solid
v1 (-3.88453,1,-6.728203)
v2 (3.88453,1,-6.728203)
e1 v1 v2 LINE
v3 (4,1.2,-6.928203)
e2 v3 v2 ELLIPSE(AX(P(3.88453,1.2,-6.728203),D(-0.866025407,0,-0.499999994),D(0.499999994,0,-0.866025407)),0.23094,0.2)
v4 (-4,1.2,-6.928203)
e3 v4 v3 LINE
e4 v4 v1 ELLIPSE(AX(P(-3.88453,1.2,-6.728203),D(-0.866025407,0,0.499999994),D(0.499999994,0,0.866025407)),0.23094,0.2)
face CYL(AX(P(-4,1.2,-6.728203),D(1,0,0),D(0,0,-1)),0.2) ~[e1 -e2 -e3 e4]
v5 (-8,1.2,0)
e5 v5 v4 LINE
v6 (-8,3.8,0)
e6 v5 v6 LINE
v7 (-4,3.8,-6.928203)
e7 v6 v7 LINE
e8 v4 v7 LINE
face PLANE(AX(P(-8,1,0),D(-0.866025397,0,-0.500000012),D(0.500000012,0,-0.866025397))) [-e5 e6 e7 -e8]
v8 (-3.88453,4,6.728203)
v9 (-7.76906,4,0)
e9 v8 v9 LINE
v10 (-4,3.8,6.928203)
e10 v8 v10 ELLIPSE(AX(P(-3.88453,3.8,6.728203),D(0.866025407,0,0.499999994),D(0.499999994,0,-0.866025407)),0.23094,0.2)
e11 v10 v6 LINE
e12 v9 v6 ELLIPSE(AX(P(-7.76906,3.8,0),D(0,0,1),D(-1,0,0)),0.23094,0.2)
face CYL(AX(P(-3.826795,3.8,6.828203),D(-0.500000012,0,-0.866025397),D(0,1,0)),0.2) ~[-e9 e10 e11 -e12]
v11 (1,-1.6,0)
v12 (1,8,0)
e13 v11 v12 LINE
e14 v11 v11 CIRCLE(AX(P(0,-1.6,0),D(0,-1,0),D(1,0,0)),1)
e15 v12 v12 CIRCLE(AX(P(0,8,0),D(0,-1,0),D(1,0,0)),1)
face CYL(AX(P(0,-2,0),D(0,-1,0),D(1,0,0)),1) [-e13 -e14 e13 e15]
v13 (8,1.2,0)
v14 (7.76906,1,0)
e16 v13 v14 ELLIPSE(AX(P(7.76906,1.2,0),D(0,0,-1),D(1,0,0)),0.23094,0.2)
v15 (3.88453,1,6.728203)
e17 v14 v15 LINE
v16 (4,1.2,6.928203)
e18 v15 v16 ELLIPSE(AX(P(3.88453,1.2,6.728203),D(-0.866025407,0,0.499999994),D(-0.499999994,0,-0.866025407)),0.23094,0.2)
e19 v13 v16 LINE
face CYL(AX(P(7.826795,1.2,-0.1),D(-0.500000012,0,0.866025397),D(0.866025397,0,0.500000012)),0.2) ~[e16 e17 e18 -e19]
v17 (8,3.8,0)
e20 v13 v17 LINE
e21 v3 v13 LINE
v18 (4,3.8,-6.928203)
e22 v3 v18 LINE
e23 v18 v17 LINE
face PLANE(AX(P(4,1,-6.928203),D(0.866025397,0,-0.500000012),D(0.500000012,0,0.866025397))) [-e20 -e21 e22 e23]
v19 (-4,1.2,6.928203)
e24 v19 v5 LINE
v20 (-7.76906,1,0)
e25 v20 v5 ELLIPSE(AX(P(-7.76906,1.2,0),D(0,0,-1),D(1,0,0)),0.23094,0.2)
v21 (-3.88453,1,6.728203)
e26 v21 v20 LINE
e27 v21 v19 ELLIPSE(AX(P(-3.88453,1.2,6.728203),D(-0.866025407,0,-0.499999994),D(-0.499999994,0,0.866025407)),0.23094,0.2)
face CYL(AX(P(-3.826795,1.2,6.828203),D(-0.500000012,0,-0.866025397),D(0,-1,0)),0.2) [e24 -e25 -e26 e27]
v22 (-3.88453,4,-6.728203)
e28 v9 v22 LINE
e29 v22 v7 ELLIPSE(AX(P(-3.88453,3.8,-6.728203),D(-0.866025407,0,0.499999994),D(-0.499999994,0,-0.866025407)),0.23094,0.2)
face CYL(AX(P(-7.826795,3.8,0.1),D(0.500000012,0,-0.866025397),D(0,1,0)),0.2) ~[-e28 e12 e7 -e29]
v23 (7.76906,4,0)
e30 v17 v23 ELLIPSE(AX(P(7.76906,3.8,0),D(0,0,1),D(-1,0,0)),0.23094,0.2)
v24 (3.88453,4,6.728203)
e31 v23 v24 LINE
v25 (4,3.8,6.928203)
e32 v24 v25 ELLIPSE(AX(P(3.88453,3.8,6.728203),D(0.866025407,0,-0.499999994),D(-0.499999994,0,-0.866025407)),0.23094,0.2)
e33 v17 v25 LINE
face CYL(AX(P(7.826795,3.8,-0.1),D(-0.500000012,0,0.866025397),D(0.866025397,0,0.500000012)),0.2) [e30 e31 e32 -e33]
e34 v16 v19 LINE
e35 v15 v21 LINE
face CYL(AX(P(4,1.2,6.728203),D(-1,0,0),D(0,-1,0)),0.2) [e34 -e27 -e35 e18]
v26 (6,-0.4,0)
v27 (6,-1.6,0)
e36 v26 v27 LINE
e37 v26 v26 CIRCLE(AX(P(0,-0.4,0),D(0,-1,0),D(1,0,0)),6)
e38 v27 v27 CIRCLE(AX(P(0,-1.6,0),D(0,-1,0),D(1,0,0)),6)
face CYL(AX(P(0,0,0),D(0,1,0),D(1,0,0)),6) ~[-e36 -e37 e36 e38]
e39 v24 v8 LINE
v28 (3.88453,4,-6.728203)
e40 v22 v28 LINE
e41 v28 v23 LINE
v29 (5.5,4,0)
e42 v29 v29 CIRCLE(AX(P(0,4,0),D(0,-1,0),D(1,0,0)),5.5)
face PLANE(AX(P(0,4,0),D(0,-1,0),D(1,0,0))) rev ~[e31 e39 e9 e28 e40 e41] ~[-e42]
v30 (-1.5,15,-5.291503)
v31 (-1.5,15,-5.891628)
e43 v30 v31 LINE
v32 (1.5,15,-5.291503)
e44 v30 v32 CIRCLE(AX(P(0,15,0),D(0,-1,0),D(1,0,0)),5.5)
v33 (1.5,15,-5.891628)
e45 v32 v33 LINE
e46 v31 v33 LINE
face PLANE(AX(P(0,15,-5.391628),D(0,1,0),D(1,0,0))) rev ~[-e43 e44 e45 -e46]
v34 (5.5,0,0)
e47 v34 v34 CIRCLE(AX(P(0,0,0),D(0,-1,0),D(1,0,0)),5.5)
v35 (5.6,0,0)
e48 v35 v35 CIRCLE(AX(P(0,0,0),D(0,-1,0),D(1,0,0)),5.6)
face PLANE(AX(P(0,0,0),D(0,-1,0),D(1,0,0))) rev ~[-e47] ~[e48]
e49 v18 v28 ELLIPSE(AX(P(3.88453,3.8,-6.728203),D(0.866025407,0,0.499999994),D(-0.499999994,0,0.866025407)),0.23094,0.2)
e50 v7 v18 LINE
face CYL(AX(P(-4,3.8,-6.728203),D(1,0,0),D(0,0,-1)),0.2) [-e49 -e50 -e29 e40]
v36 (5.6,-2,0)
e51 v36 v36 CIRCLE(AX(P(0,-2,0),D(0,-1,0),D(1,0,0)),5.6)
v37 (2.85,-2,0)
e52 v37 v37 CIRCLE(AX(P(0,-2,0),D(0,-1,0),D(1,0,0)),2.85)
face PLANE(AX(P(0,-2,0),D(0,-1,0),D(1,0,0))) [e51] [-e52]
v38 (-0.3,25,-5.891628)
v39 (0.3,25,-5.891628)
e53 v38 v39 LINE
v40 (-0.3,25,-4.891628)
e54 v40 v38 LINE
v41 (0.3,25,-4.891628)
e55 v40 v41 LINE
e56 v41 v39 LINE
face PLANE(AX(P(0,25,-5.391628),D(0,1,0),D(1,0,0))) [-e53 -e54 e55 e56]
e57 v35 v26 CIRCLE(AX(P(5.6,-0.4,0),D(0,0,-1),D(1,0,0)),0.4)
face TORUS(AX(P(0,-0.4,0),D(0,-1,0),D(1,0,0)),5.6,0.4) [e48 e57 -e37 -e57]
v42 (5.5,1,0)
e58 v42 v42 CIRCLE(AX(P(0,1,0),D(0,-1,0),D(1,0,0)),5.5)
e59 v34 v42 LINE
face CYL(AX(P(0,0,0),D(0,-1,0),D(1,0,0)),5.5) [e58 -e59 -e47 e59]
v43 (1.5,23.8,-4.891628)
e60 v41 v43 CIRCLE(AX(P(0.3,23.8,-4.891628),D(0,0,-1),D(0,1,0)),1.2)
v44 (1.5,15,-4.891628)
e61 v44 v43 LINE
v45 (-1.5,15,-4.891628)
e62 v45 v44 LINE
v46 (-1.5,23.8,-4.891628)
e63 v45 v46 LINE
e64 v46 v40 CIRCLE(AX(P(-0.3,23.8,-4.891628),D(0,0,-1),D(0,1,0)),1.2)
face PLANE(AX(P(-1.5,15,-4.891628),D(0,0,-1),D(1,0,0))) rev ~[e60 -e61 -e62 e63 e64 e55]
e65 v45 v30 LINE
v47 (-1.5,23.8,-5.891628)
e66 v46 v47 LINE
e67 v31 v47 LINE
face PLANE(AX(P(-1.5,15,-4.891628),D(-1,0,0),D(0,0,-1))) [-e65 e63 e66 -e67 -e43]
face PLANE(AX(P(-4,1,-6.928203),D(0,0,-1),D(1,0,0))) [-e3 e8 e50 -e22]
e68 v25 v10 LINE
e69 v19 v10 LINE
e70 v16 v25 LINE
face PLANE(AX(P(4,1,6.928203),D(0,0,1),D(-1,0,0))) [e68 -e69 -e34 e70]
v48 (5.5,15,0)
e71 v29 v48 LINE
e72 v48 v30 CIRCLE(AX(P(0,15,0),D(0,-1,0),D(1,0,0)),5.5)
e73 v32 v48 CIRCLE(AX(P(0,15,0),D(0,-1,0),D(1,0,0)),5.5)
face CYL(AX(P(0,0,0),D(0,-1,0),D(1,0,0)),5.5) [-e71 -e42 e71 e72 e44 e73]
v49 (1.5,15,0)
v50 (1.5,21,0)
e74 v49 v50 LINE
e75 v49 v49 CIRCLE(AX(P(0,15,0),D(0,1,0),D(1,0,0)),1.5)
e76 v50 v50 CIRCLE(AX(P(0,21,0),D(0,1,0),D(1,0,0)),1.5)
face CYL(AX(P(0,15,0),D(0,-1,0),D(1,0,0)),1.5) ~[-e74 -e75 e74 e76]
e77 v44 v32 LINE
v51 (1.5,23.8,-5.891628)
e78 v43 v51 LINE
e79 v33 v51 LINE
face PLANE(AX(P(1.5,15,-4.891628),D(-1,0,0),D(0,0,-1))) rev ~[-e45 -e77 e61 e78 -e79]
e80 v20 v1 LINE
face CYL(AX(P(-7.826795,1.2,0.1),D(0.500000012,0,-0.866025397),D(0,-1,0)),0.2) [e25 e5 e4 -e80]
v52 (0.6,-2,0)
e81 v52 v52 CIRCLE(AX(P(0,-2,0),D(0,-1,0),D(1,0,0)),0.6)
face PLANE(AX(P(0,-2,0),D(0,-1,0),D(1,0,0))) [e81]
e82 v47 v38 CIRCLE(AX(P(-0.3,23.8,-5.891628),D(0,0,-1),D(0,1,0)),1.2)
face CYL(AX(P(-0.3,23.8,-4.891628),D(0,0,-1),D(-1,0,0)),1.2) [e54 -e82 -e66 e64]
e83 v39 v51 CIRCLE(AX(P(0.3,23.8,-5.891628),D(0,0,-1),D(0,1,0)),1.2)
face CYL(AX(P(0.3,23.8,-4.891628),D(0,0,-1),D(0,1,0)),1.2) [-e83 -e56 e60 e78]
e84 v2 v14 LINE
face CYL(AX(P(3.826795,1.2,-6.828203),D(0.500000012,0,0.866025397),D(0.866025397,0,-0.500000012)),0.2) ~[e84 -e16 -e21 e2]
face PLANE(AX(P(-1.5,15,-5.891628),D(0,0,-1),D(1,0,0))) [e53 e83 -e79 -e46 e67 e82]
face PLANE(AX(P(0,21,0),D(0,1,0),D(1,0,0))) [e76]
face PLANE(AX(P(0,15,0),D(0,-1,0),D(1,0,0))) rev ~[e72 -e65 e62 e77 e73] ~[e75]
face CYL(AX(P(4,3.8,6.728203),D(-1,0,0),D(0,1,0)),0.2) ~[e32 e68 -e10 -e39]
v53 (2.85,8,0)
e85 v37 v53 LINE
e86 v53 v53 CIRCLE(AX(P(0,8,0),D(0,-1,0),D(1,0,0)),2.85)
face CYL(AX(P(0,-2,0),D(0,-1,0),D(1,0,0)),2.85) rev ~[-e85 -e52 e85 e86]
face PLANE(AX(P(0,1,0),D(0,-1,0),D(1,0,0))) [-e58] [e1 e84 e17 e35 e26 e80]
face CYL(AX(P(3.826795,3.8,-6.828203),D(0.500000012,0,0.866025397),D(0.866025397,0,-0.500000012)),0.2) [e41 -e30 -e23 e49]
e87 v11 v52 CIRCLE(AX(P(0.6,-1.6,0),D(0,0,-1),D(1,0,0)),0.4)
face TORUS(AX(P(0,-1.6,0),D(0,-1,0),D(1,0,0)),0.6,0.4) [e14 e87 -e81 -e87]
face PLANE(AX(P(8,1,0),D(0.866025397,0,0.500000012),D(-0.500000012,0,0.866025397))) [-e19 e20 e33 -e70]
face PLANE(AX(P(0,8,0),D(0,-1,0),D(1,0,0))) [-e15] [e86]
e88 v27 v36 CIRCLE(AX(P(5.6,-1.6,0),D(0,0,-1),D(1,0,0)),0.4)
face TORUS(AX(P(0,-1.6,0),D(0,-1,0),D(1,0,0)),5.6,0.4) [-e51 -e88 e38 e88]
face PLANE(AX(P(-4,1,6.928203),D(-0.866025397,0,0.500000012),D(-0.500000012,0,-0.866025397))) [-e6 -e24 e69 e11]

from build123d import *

# Parameters (mm, degrees)
SKETCH_R      = 5.5
PAD_DEPTH     = 15
SKETCH001_R   = 6
PAD001_DEPTH  = 2
SKETCH002_R   = 1.5
PAD002_DEPTH  = 6
SKETCH003_W   = 3
SKETCH003_H   = 1
PAD003_DEPTH  = 10
SKETCH004_R   = 2.85
SKETCH004_R_2 = 1
POCKET_DEPTH  = 10
FILLET_R      = 1.2
FILLET001_R   = 0.4
SKETCH005_R   = 5
PAD004_DEPTH  = 3
FILLET002_R   = 0.2


with BuildPart() as part:
    # Sketch → Pad (new body)
    with BuildSketch(Plane.XZ):
        Circle(SKETCH_R)
    extrude(amount=-PAD_DEPTH)

    # Sketch001 → Pad001 (join)
    with BuildSketch(Plane.XZ):
        Circle(SKETCH001_R)
    extrude(amount=PAD001_DEPTH)

    # Sketch002 (on Face5 of Pad001) → Pad002 (join)
    with BuildSketch(Plane(origin=(0, 15, 0), x_dir=(1, 0, 0), z_dir=(0, 1, 0))):
        Circle(SKETCH002_R)
    extrude(amount=PAD002_DEPTH)

    # Sketch003 (on Face5 of Pad002) → Pad003 (join)
    with BuildSketch(Plane(origin=(0, 15, 0), x_dir=(1, 0, 0), z_dir=(0, 1, 0))):
        with Locations((0, 5.391628)):
            Rectangle(SKETCH003_W, SKETCH003_H)
    extrude(amount=PAD003_DEPTH)

    # Sketch004 (on Face3 of Pad003) → Pocket (cut)
    with BuildSketch(Plane.XZ.offset(2)):
        Circle(SKETCH004_R)
        Circle(SKETCH004_R_2, mode=Mode.SUBTRACT)
    extrude(amount=-POCKET_DEPTH, mode=Mode.SUBTRACT)

    # Fillet
    fillet_edges = [part.edges().sort_by_distance(p)[0] for p in [
        (1.5, 25, -5.391628),
        (-1.5, 25, -5.391628),
    ]]
    fillet(fillet_edges, radius=FILLET_R)

    # Fillet001
    fillet001_edges = [part.edges().sort_by_distance(p)[0] for p in [
        (-6, -2, 0),
        (-6, 0, 0),
        (-1, -2, 0),
    ]]
    fillet(fillet001_edges, radius=FILLET001_R)

    # Sketch005 (on DatumPlane) → Pad004 (join)
    with BuildSketch(Plane.XZ.offset(-1)):
        Polygon((4, -6.928203), (8, 0), (4, 6.928203), (-4, 6.928203), (-8, 0), (-4, -6.928203), align=None)
        Circle(SKETCH005_R, mode=Mode.SUBTRACT)
    extrude(amount=-PAD004_DEPTH)

    # Fillet002
    fillet002_edges = [part.edges().sort_by_distance(p)[0] for p in [
        (0, 1, -6.928203),
        (6, 1, -3.464102),
        (0, 1, 6.928203),
        (6, 1, 3.464102),
        (-6, 1, -3.464102),
        (-6, 1, 3.464102),
        (-6, 4, 3.464102),
        (-6, 4, -3.464102),
        (0, 4, 6.928203),
        (6, 4, 3.464102),
        (6, 4, -3.464102),
        (0, 4, -6.928203),
    ]]
    fillet(fillet002_edges, radius=FILLET002_R)


solid = part.part
